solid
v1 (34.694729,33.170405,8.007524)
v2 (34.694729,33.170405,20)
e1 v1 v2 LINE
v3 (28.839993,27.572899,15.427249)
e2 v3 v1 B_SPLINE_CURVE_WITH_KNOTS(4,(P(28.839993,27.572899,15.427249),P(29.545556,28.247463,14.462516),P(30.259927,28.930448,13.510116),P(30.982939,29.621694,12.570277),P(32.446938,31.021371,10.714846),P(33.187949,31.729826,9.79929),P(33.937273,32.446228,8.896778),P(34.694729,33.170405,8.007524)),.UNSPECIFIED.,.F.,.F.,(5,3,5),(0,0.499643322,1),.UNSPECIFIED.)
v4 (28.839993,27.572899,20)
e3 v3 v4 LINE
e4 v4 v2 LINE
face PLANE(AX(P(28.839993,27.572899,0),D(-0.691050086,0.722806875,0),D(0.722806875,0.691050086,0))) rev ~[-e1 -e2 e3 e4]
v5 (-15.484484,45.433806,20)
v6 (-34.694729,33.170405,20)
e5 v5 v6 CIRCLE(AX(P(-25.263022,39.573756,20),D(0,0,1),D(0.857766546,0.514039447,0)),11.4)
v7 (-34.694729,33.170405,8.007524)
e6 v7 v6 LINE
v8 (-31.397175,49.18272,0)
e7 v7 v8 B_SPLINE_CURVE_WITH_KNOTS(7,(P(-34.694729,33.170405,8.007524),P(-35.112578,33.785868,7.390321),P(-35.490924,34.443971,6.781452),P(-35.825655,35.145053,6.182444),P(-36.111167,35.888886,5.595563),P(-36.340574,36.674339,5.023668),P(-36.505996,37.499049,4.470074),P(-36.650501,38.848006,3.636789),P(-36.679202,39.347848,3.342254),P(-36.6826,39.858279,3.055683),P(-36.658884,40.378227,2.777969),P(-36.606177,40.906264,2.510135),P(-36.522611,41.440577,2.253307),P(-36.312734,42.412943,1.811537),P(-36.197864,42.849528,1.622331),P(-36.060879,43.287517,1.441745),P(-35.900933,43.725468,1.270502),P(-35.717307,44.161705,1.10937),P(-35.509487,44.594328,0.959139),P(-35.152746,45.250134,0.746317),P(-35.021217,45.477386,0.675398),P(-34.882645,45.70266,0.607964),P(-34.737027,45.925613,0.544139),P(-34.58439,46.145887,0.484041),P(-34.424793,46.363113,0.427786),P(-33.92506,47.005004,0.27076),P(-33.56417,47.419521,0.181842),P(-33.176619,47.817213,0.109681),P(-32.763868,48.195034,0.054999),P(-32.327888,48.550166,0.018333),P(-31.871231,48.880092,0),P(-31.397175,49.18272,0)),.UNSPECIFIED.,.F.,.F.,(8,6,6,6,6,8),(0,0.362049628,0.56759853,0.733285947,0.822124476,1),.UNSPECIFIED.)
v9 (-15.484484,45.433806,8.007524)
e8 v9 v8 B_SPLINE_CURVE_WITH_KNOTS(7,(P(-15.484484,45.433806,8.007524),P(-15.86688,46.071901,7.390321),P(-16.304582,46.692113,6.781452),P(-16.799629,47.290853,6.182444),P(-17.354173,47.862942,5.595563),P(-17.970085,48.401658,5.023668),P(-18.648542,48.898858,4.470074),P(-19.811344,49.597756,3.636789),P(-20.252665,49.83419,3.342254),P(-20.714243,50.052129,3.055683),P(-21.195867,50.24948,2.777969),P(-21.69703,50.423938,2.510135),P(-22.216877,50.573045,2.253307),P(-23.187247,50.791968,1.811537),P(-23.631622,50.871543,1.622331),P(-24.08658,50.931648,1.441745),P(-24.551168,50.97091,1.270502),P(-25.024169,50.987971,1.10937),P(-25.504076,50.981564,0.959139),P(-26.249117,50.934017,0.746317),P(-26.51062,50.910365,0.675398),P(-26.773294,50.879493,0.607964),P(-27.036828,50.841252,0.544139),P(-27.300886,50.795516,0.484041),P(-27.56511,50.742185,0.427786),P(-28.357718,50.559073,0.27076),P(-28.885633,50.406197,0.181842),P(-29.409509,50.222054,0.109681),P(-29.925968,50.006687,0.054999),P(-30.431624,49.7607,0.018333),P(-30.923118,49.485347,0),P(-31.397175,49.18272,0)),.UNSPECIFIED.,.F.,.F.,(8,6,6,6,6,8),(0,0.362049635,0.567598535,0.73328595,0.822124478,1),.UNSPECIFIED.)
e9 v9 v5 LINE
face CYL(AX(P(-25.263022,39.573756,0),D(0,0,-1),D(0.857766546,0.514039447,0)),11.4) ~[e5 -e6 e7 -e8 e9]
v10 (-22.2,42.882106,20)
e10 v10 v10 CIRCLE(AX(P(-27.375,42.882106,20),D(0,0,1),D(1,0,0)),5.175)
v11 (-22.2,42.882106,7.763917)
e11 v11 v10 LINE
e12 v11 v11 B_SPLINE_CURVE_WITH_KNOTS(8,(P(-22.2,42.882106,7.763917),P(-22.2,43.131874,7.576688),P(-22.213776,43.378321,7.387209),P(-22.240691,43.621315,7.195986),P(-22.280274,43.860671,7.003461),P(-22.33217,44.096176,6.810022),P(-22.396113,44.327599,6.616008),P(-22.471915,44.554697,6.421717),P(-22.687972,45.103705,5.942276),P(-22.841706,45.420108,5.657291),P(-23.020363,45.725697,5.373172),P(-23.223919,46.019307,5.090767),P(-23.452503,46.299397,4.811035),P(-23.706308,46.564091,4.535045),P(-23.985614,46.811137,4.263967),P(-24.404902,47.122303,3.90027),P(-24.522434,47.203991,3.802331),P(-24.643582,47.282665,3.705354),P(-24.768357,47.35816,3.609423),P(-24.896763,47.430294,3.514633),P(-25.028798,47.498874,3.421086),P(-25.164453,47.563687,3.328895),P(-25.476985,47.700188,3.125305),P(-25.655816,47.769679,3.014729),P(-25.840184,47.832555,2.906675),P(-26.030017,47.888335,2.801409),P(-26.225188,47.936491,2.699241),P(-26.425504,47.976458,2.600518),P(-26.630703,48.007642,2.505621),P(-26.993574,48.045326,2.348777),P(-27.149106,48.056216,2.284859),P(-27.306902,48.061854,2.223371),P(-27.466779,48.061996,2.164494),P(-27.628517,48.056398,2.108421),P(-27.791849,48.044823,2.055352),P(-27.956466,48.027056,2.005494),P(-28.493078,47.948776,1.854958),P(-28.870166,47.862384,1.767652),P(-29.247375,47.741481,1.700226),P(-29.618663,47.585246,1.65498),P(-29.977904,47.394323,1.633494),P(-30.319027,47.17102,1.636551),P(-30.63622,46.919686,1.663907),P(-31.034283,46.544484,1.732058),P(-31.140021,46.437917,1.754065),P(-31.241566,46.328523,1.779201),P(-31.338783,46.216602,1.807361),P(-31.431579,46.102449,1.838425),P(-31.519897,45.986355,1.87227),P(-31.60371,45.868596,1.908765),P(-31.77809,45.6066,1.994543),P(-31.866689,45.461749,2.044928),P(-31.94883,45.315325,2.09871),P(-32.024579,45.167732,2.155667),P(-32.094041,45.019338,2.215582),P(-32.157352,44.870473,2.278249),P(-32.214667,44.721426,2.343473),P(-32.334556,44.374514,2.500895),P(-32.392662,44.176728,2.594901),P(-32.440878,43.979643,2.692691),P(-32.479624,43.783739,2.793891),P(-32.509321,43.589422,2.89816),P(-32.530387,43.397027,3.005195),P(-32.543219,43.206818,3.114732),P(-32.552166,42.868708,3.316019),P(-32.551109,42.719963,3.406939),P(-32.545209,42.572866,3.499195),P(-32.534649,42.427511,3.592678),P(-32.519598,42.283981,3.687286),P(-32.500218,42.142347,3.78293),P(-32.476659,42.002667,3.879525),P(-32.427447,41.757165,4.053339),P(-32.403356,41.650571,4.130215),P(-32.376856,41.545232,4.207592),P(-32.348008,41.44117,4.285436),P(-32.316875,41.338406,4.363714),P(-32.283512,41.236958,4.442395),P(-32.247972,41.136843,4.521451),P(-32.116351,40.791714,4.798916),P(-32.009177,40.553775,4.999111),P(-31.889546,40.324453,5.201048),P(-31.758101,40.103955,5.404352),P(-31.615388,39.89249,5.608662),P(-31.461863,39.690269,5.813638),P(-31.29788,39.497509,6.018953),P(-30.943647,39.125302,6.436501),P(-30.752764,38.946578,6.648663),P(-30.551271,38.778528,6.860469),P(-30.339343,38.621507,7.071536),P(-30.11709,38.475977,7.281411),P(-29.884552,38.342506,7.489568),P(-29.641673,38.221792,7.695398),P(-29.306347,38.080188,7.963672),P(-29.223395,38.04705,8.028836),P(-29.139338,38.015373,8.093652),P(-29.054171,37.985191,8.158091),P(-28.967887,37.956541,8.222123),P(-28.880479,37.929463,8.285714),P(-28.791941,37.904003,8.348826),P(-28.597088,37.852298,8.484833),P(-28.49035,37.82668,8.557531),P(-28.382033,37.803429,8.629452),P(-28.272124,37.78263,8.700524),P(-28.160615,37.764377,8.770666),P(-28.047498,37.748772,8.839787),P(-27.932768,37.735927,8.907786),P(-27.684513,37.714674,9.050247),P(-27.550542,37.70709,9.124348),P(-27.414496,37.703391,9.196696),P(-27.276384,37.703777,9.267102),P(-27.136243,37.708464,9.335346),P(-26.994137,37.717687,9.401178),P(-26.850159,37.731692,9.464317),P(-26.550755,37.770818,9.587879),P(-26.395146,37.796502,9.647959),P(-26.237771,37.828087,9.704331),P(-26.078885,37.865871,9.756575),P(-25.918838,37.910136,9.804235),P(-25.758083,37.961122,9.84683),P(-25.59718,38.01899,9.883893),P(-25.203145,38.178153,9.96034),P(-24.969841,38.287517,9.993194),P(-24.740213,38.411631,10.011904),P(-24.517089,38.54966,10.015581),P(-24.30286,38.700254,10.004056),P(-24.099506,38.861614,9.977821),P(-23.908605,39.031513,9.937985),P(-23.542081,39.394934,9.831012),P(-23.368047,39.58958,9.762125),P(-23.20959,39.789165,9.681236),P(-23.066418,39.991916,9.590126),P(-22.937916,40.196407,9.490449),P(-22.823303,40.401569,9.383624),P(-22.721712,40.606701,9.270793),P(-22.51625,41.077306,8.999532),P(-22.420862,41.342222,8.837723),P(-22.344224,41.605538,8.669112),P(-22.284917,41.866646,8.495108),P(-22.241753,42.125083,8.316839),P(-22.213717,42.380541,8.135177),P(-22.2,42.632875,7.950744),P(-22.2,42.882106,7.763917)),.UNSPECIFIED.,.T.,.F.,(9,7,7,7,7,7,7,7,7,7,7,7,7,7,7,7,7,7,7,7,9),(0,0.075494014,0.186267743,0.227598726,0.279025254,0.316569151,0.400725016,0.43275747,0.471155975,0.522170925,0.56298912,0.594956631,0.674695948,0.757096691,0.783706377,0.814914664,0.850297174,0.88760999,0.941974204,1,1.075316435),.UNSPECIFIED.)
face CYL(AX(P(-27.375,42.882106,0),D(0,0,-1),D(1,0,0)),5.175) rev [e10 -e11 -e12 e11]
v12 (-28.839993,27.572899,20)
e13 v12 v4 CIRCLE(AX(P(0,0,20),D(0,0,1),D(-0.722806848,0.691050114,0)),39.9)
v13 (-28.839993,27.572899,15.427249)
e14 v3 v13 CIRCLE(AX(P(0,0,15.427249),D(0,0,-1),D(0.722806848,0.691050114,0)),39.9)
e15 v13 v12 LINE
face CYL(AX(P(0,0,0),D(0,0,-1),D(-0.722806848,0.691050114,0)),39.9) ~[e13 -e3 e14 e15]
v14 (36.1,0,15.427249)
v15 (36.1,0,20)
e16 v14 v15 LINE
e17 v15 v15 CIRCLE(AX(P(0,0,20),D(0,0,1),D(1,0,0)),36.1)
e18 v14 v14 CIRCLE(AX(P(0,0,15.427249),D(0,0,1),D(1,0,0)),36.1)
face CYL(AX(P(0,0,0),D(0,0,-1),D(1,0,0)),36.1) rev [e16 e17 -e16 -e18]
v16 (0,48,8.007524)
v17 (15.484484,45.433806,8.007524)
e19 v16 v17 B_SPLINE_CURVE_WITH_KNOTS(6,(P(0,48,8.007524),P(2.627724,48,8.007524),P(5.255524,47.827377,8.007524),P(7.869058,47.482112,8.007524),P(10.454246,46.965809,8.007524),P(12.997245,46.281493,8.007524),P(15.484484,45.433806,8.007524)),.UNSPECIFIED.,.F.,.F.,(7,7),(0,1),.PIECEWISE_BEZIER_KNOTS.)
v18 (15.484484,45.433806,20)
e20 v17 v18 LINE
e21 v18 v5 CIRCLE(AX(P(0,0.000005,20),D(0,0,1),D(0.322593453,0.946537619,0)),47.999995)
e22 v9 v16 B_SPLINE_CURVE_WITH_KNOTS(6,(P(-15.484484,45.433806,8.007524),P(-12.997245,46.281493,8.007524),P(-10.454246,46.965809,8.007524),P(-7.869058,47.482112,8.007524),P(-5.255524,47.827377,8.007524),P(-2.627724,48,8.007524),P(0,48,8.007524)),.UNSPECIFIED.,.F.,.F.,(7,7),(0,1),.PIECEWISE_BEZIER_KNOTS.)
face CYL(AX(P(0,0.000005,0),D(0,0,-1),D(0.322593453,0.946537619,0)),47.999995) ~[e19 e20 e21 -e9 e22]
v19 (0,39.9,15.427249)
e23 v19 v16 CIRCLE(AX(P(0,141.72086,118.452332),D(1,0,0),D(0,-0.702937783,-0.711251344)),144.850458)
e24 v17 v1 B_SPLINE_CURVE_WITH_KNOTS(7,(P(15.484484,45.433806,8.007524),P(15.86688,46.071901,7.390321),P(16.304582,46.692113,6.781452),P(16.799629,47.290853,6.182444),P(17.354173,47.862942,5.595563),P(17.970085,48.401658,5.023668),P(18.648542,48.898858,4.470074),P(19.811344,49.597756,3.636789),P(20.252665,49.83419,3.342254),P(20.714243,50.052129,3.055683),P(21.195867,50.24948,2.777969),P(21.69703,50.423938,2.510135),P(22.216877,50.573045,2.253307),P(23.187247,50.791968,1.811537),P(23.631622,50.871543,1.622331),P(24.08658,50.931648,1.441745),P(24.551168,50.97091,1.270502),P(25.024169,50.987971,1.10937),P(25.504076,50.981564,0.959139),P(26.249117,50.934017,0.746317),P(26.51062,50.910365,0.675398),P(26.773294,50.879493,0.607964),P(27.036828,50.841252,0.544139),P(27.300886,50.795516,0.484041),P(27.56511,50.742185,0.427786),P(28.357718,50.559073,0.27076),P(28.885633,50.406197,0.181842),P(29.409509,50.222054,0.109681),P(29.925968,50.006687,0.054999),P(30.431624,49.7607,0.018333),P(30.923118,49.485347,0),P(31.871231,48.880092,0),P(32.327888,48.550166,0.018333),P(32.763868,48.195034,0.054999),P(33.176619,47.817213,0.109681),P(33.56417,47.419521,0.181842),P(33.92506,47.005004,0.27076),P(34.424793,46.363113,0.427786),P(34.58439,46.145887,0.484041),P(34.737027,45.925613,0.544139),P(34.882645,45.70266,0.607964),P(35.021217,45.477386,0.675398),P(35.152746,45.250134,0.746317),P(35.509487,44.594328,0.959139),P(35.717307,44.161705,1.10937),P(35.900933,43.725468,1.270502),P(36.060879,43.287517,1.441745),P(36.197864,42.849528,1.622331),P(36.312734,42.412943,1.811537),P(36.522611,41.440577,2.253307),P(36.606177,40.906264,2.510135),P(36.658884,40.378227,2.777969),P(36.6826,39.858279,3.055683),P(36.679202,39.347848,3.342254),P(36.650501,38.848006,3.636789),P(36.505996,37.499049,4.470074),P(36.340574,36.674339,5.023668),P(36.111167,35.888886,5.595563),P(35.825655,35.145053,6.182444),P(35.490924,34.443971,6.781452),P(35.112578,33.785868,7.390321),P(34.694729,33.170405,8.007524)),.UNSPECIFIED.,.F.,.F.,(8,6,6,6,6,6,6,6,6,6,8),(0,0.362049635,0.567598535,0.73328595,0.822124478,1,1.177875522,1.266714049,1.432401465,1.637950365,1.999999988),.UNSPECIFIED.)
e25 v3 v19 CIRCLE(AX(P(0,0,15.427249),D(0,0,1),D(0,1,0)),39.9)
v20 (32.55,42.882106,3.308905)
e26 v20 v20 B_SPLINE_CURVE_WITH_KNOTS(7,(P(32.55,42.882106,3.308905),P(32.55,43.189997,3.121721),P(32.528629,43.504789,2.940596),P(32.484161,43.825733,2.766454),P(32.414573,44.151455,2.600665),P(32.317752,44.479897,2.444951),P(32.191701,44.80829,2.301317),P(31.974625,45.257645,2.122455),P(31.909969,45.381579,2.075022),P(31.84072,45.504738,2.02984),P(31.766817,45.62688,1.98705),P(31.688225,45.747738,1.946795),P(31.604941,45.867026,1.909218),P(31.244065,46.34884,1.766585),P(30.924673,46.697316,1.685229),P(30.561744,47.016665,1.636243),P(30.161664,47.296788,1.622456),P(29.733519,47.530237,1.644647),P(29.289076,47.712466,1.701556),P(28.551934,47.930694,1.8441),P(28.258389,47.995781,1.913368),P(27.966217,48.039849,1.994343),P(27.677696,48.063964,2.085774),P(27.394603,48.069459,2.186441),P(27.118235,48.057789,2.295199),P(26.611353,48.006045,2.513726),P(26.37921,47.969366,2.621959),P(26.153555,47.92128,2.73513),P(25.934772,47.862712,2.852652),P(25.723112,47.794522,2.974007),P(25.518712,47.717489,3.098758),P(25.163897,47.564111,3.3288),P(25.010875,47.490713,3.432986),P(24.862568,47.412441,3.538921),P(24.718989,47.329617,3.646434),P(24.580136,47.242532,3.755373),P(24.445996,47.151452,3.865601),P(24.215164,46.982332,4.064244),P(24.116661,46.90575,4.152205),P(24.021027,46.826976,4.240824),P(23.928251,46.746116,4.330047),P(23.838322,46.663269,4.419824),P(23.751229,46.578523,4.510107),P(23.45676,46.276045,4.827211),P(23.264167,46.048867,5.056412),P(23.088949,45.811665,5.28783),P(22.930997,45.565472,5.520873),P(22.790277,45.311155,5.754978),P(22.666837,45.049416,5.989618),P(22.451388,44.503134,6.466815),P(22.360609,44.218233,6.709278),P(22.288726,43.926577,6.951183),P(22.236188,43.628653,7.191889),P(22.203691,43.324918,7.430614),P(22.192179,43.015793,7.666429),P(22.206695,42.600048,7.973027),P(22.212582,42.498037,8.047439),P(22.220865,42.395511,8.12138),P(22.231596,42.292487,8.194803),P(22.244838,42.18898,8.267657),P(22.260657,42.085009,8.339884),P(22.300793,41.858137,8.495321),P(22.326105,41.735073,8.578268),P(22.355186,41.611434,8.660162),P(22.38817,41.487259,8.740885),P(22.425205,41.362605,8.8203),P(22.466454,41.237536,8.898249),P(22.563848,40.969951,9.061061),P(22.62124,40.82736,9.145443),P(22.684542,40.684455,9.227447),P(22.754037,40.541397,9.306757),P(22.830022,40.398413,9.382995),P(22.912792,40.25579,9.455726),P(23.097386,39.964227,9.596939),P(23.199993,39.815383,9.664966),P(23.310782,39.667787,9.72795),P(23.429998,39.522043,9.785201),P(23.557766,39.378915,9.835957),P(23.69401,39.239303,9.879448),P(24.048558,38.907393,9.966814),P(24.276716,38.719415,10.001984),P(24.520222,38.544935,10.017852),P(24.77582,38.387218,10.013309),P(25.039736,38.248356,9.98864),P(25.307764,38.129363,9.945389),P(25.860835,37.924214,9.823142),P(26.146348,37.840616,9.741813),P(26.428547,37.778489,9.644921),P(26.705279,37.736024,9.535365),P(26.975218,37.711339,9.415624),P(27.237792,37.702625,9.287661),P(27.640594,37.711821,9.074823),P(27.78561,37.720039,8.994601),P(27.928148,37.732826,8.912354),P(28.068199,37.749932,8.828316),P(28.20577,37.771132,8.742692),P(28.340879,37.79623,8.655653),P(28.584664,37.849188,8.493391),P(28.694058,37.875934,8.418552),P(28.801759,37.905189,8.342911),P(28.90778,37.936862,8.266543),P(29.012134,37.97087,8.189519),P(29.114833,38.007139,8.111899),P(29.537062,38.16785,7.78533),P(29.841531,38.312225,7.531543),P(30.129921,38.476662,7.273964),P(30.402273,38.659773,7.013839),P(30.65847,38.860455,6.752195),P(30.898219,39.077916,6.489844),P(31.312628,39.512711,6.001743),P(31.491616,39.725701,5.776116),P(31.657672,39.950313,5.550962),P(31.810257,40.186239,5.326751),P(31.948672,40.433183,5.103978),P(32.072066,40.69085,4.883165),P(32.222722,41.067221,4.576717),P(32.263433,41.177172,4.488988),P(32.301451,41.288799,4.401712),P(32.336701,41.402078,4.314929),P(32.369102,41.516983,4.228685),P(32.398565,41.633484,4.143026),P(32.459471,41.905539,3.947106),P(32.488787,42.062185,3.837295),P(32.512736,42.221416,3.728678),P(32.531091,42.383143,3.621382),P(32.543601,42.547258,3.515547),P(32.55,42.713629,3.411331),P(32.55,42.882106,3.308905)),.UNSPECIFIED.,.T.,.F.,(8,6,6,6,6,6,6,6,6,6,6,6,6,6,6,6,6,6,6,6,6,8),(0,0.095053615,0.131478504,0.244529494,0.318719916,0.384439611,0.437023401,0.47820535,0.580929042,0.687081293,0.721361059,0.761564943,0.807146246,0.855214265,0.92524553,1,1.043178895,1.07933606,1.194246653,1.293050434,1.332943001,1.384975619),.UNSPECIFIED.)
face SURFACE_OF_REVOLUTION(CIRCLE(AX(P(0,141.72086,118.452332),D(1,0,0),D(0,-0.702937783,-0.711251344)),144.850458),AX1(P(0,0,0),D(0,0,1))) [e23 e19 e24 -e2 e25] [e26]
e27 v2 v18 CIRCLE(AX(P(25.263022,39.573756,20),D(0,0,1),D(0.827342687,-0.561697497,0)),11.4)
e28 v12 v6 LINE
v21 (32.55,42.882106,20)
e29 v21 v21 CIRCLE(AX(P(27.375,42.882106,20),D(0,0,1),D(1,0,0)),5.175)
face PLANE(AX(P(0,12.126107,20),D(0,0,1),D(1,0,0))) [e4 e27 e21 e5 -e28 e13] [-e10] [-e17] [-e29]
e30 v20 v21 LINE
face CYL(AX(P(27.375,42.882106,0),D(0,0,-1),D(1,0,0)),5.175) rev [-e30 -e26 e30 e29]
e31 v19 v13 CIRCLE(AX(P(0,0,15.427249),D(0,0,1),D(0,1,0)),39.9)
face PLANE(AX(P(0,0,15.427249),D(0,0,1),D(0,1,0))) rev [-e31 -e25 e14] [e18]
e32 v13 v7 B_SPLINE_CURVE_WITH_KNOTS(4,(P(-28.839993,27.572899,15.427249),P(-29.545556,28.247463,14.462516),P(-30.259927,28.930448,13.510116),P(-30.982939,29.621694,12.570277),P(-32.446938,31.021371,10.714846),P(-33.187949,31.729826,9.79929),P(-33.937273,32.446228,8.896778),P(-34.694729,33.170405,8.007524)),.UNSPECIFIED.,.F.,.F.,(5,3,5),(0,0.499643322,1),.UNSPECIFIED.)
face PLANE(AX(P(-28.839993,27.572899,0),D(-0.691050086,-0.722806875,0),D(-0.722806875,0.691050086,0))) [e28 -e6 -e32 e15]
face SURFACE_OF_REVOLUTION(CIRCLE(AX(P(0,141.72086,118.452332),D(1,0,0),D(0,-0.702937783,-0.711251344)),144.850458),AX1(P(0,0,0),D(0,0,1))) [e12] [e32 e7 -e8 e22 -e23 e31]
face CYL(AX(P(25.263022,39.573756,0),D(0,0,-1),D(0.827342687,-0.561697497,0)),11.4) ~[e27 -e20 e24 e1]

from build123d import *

# Parameters (mm, degrees)
SKETCH_R   = 5.175
SKETCH_R_2 = 36.1
PAD_DEPTH  = 20


with BuildPart() as chamfer_cutout_right:
    # Sketch002 → Revolution (revolve)
    with BuildSketch(Plane.YZ):
        with BuildLine():
            Line((36.1, 15.427249), (39.9, 15.427249))
            ThreePointArc((39.9, 15.427249), (48.804267, 7.330048), (58.35, 0))
            Line((58.35, 0), (58.35, -5))
            Line((58.35, -5), (36.1, -5))
            Line((36.1, -5), (36.1, 15.427249))
        make_face()
    revolve(axis=Axis((0, 0, 0), (0, 0, 1)))


with BuildPart() as spacer_right:
    # Sketch → Pad (new body)
    with BuildSketch(Plane.XY):
        with BuildLine():
            ThreePointArc((-15.484484, 45.433806), (-31.397174, 49.18272), (-34.694729, 33.170405))
            Line((-28.839993, 27.572899), (-34.694729, 33.170405))
            ThreePointArc((-28.839993, 27.572899), (0, -39.9), (28.839993, 27.572899))
            Line((28.839993, 27.572899), (34.694729, 33.170405))
            ThreePointArc((34.694729, 33.170405), (31.397174, 49.18272), (15.484484, 45.433806))
            ThreePointArc((15.484484, 45.433806), (0, 48), (-15.484484, 45.433806))
        make_face()
        with Locations((-27.375, 42.882106)):
            Circle(SKETCH_R, mode=Mode.SUBTRACT)
        with Locations((27.375, 42.882106)):
            Circle(SKETCH_R, mode=Mode.SUBTRACT)
        Circle(SKETCH_R_2, mode=Mode.SUBTRACT)
    extrude(amount=PAD_DEPTH)

    # Cut: cut chamfer_cutout_right
    add(chamfer_cutout_right.part, mode=Mode.SUBTRACT)


solid = spacer_right.part
